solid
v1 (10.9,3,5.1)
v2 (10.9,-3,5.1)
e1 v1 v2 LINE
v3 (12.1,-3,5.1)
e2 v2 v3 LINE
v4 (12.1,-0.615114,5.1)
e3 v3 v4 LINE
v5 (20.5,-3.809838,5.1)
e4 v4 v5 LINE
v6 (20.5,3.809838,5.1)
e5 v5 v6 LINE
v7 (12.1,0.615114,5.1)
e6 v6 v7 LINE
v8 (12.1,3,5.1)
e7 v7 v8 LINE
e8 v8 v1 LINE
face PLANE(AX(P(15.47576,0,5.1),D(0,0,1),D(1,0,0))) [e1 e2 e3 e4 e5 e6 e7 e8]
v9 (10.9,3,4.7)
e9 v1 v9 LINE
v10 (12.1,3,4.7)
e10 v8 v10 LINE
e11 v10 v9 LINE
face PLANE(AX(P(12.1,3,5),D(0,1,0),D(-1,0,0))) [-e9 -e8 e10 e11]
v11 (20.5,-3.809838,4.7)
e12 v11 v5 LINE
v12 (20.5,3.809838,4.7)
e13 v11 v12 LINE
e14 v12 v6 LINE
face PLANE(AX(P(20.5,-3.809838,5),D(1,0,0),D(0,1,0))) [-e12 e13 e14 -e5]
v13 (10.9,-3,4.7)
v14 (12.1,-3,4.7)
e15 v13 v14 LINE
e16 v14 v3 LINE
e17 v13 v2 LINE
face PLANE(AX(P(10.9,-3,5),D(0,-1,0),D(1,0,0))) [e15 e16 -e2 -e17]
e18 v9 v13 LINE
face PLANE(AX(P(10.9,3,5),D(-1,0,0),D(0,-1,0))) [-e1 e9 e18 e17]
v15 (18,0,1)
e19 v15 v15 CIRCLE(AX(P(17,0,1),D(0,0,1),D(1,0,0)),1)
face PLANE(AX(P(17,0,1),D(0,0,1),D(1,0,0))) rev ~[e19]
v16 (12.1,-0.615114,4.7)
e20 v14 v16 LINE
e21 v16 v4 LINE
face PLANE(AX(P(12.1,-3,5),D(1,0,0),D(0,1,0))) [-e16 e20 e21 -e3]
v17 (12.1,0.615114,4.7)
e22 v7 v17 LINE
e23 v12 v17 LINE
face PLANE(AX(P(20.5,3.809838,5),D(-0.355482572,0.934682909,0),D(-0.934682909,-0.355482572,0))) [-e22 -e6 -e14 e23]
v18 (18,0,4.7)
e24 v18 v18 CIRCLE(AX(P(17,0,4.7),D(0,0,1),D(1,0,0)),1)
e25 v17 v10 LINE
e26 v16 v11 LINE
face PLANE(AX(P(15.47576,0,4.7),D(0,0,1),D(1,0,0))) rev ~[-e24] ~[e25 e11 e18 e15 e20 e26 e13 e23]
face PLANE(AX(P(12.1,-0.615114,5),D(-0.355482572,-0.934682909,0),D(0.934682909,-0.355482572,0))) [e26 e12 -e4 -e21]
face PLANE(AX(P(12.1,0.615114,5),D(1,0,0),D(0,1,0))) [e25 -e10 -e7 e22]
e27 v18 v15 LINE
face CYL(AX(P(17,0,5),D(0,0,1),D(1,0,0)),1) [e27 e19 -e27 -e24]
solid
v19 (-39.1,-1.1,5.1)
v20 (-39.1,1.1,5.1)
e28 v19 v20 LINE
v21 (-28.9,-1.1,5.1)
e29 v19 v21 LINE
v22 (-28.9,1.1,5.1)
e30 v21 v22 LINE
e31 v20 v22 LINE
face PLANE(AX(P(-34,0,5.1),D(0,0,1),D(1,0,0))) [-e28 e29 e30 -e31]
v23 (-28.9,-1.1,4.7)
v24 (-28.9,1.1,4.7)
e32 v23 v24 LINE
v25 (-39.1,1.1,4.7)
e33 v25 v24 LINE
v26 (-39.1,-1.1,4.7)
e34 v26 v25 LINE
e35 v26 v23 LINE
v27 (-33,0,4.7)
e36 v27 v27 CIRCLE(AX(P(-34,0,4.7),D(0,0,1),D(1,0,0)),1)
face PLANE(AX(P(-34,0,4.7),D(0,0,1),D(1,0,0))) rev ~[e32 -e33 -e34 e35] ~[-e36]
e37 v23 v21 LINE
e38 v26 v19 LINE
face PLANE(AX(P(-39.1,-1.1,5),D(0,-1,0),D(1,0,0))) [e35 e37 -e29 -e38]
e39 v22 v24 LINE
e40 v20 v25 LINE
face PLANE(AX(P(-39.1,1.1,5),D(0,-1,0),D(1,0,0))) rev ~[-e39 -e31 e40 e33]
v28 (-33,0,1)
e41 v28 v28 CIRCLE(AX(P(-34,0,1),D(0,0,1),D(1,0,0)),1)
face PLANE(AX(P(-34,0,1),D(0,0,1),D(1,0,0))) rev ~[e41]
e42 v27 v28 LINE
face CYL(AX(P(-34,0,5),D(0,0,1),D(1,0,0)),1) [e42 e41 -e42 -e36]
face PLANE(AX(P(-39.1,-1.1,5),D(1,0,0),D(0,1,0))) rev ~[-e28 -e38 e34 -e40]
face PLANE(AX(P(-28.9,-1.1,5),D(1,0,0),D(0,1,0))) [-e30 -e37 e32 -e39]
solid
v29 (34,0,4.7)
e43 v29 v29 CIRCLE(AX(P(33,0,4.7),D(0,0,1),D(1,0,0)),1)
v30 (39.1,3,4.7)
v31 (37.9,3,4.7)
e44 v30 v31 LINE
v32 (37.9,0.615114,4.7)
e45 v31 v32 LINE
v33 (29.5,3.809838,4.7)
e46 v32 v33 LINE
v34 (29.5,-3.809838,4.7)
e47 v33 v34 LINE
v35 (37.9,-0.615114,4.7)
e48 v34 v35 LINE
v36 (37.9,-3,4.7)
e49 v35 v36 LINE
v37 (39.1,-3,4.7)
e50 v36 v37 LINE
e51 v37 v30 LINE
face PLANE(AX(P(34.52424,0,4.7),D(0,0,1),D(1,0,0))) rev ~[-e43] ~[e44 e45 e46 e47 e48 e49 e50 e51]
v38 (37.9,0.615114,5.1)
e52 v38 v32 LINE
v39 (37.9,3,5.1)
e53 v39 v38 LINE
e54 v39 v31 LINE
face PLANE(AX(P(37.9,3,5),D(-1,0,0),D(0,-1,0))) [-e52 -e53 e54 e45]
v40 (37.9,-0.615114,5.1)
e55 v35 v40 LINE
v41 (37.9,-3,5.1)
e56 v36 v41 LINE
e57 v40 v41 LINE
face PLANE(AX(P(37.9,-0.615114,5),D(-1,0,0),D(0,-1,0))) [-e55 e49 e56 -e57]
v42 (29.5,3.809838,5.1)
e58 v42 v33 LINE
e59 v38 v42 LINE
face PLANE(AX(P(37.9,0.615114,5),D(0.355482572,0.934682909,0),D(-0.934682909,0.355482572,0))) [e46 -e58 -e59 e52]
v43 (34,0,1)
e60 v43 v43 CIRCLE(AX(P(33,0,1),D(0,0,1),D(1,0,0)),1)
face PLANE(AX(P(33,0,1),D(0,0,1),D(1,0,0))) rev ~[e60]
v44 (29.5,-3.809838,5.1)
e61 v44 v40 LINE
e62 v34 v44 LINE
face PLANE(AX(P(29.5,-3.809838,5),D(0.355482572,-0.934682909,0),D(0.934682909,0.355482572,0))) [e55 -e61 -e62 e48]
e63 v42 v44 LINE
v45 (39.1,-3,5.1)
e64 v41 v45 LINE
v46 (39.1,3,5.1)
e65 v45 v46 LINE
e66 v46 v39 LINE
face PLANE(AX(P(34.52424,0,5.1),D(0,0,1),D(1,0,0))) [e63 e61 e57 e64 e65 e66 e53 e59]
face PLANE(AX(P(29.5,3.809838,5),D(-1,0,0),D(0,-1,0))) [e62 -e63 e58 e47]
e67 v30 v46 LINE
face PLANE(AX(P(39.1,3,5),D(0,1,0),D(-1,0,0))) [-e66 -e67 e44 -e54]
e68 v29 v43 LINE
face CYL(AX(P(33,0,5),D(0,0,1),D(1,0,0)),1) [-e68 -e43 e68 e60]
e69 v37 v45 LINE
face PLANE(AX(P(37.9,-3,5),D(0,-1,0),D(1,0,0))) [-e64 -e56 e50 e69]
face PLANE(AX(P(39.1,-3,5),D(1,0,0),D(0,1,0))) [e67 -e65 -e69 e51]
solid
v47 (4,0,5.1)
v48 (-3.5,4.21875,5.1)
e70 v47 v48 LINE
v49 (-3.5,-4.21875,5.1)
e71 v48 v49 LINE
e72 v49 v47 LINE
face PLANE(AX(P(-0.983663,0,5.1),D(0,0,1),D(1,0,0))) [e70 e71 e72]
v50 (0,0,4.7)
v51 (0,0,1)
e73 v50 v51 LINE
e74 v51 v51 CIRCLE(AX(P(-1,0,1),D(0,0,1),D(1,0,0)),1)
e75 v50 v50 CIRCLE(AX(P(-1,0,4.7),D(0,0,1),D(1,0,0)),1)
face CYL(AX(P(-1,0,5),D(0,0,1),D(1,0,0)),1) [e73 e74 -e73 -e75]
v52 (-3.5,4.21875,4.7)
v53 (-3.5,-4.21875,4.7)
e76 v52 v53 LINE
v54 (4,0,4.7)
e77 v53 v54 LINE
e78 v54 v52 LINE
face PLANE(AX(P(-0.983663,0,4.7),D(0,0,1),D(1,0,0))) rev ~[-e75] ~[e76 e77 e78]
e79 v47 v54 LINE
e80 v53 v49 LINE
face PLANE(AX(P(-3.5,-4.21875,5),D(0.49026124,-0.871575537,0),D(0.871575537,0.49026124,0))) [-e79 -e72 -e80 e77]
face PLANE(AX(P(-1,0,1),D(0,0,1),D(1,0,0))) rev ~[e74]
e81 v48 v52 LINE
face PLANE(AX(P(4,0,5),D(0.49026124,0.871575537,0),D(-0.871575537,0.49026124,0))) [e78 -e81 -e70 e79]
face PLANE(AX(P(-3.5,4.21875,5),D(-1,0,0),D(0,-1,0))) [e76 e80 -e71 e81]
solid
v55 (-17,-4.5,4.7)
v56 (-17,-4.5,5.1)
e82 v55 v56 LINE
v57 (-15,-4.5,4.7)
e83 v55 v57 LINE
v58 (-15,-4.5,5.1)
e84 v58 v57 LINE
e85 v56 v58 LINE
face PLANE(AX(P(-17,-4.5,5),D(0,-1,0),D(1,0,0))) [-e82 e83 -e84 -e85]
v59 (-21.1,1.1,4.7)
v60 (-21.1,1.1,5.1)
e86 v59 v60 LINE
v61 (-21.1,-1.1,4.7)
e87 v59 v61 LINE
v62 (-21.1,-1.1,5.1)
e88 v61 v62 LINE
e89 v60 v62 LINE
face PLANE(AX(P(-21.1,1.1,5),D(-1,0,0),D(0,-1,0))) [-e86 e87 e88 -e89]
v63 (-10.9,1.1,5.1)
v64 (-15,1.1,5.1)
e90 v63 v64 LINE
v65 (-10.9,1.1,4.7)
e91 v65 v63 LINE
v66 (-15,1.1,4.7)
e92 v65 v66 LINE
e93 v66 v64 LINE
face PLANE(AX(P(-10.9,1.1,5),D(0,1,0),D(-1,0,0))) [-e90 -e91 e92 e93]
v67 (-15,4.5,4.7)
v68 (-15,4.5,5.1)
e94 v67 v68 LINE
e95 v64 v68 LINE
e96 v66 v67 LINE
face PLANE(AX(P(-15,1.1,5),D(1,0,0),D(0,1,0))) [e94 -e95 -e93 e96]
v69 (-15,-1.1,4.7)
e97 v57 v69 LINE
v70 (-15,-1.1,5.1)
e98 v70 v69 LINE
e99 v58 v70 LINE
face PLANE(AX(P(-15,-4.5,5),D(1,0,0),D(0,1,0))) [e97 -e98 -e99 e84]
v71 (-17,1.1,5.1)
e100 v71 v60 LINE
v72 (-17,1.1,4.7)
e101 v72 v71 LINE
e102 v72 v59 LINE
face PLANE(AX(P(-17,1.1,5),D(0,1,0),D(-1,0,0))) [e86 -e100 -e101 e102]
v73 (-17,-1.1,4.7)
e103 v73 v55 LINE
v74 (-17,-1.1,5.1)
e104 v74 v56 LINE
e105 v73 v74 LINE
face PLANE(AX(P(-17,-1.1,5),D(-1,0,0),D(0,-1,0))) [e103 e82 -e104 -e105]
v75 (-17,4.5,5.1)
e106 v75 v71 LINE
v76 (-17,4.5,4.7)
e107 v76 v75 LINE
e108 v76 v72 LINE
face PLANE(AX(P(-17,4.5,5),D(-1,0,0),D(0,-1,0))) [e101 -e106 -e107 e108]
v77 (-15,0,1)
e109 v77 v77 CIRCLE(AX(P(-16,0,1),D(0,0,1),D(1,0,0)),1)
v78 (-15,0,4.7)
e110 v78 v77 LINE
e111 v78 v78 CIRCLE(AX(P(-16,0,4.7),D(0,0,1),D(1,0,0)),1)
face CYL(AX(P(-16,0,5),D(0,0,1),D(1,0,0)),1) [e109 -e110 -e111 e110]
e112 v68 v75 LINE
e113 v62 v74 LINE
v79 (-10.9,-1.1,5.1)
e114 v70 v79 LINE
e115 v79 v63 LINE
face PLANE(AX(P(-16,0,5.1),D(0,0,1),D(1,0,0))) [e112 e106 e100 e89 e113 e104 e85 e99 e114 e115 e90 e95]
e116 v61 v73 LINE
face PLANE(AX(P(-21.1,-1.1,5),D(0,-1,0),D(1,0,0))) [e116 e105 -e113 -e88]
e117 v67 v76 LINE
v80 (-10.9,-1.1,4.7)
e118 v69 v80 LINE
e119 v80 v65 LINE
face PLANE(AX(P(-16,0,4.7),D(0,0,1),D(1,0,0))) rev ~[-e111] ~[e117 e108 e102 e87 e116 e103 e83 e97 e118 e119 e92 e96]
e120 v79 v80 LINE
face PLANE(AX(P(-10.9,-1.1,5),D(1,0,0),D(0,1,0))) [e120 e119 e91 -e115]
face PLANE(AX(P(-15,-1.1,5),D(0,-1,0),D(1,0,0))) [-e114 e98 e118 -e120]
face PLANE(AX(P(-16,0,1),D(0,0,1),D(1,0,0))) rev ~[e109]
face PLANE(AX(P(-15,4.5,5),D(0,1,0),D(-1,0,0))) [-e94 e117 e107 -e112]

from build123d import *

# Parameters (mm, degrees)
BOSS_EXTRUDE3_DEPTH        = 0.1
BOSS_EXTRUDE3_DEPTH_BACK   = 0.3
BOSS_EXTRUDE3_2_DEPTH      = 0.1
BOSS_EXTRUDE3_2_DEPTH_BACK = 0.3
SKETCH20_W                 = 10.2
SKETCH20_H                 = 2.2
BOSS_EXTRUDE3_3_DEPTH      = 0.1
BOSS_EXTRUDE3_3_DEPTH_BACK = 0.3
BOSS_EXTRUDE3_4_DEPTH      = 0.1
BOSS_EXTRUDE3_4_DEPTH_BACK = 0.3
BOSS_EXTRUDE3_5_DEPTH      = 0.1
BOSS_EXTRUDE3_5_DEPTH_BACK = 0.3
SKETCH21_R                 = 1
BOSS_EXTRUDE4_DEPTH        = 4


with BuildPart() as part:
    # Sketch20 → Boss-Extrude3 (new body, two sides)
    with BuildSketch(Plane.XY.offset(5)) as boss_extrude3_sk:
        Polygon((-3.5, 4.21875), (-3.5, -4.21875), (4, 0), align=None)
    extrude(amount=BOSS_EXTRUDE3_DEPTH)
    extrude(boss_extrude3_sk.sketch, amount=-BOSS_EXTRUDE3_DEPTH_BACK)



with BuildPart() as body_2:
    # Sketch20 → Boss-Extrude3 2 (new body, two sides)
    with BuildSketch(Plane.XY.offset(5)) as boss_extrude3_2_sk:
        Polygon((-10.9, -1.1), (-10.9, 1.1), (-15, 1.1), (-15, 4.5), (-17, 4.5), (-17, 1.1), (-21.1, 1.1), (-21.1, -1.1), (-17, -1.1), (-17, -4.5), (-15, -4.5), (-15, -1.1), align=None)
    extrude(amount=BOSS_EXTRUDE3_2_DEPTH)
    extrude(boss_extrude3_2_sk.sketch, amount=-BOSS_EXTRUDE3_2_DEPTH_BACK)


with BuildPart() as body_3:
    # Sketch20 → Boss-Extrude3 3 (new body, two sides)
    with BuildSketch(Plane.XY.offset(5)) as boss_extrude3_3_sk:
        with Locations((-34, 0)):
            Rectangle(SKETCH20_W, SKETCH20_H)
    extrude(amount=BOSS_EXTRUDE3_3_DEPTH)
    extrude(boss_extrude3_3_sk.sketch, amount=-BOSS_EXTRUDE3_3_DEPTH_BACK)


with BuildPart() as body_4:
    # Sketch20 → Boss-Extrude3 4 (new body, two sides)
    with BuildSketch(Plane.XY.offset(5)) as boss_extrude3_4_sk:
        Polygon((10.9, 3), (10.9, -3), (12.1, -3), (12.1, -0.61511422), (20.5, -3.809837878), (20.5, 3.809837878), (12.1, 0.61511422), (12.1, 3), align=None)
    extrude(amount=BOSS_EXTRUDE3_4_DEPTH)
    extrude(boss_extrude3_4_sk.sketch, amount=-BOSS_EXTRUDE3_4_DEPTH_BACK)


with BuildPart() as body_5:
    # Sketch20 → Boss-Extrude3 5 (new body, two sides)
    with BuildSketch(Plane.XY.offset(5)) as boss_extrude3_5_sk:
        Polygon((29.5, 3.809837878), (29.5, -3.809837878), (37.9, -0.61511422), (37.9, -3), (39.1, -3), (39.1, 3), (37.9, 3), (37.9, 0.61511422), align=None)
    extrude(amount=BOSS_EXTRUDE3_5_DEPTH)
    extrude(boss_extrude3_5_sk.sketch, amount=-BOSS_EXTRUDE3_5_DEPTH_BACK)


with BuildPart() as part_1:
    add(part.part)

    add(body_2.part)  # Boss-Extrude4 merges body 2

    add(body_3.part)  # Boss-Extrude4 merges body 3

    add(body_4.part)  # Boss-Extrude4 merges body 4

    add(body_5.part)  # Boss-Extrude4 merges body 5
    # Sketch21 → Boss-Extrude4 (add)
    with BuildSketch(Plane.XY.offset(5)):
        with Locations((-1, 0)):
            Circle(SKETCH21_R)
        with Locations((-16, 0)):
            Circle(SKETCH21_R)
        with Locations((-34, 0)):
            Circle(SKETCH21_R)
        with Locations((17, 0)):
            Circle(SKETCH21_R)
        with Locations((33, 0)):
            Circle(SKETCH21_R)
    extrude(amount=-BOSS_EXTRUDE4_DEPTH)


solid = part_1.part
